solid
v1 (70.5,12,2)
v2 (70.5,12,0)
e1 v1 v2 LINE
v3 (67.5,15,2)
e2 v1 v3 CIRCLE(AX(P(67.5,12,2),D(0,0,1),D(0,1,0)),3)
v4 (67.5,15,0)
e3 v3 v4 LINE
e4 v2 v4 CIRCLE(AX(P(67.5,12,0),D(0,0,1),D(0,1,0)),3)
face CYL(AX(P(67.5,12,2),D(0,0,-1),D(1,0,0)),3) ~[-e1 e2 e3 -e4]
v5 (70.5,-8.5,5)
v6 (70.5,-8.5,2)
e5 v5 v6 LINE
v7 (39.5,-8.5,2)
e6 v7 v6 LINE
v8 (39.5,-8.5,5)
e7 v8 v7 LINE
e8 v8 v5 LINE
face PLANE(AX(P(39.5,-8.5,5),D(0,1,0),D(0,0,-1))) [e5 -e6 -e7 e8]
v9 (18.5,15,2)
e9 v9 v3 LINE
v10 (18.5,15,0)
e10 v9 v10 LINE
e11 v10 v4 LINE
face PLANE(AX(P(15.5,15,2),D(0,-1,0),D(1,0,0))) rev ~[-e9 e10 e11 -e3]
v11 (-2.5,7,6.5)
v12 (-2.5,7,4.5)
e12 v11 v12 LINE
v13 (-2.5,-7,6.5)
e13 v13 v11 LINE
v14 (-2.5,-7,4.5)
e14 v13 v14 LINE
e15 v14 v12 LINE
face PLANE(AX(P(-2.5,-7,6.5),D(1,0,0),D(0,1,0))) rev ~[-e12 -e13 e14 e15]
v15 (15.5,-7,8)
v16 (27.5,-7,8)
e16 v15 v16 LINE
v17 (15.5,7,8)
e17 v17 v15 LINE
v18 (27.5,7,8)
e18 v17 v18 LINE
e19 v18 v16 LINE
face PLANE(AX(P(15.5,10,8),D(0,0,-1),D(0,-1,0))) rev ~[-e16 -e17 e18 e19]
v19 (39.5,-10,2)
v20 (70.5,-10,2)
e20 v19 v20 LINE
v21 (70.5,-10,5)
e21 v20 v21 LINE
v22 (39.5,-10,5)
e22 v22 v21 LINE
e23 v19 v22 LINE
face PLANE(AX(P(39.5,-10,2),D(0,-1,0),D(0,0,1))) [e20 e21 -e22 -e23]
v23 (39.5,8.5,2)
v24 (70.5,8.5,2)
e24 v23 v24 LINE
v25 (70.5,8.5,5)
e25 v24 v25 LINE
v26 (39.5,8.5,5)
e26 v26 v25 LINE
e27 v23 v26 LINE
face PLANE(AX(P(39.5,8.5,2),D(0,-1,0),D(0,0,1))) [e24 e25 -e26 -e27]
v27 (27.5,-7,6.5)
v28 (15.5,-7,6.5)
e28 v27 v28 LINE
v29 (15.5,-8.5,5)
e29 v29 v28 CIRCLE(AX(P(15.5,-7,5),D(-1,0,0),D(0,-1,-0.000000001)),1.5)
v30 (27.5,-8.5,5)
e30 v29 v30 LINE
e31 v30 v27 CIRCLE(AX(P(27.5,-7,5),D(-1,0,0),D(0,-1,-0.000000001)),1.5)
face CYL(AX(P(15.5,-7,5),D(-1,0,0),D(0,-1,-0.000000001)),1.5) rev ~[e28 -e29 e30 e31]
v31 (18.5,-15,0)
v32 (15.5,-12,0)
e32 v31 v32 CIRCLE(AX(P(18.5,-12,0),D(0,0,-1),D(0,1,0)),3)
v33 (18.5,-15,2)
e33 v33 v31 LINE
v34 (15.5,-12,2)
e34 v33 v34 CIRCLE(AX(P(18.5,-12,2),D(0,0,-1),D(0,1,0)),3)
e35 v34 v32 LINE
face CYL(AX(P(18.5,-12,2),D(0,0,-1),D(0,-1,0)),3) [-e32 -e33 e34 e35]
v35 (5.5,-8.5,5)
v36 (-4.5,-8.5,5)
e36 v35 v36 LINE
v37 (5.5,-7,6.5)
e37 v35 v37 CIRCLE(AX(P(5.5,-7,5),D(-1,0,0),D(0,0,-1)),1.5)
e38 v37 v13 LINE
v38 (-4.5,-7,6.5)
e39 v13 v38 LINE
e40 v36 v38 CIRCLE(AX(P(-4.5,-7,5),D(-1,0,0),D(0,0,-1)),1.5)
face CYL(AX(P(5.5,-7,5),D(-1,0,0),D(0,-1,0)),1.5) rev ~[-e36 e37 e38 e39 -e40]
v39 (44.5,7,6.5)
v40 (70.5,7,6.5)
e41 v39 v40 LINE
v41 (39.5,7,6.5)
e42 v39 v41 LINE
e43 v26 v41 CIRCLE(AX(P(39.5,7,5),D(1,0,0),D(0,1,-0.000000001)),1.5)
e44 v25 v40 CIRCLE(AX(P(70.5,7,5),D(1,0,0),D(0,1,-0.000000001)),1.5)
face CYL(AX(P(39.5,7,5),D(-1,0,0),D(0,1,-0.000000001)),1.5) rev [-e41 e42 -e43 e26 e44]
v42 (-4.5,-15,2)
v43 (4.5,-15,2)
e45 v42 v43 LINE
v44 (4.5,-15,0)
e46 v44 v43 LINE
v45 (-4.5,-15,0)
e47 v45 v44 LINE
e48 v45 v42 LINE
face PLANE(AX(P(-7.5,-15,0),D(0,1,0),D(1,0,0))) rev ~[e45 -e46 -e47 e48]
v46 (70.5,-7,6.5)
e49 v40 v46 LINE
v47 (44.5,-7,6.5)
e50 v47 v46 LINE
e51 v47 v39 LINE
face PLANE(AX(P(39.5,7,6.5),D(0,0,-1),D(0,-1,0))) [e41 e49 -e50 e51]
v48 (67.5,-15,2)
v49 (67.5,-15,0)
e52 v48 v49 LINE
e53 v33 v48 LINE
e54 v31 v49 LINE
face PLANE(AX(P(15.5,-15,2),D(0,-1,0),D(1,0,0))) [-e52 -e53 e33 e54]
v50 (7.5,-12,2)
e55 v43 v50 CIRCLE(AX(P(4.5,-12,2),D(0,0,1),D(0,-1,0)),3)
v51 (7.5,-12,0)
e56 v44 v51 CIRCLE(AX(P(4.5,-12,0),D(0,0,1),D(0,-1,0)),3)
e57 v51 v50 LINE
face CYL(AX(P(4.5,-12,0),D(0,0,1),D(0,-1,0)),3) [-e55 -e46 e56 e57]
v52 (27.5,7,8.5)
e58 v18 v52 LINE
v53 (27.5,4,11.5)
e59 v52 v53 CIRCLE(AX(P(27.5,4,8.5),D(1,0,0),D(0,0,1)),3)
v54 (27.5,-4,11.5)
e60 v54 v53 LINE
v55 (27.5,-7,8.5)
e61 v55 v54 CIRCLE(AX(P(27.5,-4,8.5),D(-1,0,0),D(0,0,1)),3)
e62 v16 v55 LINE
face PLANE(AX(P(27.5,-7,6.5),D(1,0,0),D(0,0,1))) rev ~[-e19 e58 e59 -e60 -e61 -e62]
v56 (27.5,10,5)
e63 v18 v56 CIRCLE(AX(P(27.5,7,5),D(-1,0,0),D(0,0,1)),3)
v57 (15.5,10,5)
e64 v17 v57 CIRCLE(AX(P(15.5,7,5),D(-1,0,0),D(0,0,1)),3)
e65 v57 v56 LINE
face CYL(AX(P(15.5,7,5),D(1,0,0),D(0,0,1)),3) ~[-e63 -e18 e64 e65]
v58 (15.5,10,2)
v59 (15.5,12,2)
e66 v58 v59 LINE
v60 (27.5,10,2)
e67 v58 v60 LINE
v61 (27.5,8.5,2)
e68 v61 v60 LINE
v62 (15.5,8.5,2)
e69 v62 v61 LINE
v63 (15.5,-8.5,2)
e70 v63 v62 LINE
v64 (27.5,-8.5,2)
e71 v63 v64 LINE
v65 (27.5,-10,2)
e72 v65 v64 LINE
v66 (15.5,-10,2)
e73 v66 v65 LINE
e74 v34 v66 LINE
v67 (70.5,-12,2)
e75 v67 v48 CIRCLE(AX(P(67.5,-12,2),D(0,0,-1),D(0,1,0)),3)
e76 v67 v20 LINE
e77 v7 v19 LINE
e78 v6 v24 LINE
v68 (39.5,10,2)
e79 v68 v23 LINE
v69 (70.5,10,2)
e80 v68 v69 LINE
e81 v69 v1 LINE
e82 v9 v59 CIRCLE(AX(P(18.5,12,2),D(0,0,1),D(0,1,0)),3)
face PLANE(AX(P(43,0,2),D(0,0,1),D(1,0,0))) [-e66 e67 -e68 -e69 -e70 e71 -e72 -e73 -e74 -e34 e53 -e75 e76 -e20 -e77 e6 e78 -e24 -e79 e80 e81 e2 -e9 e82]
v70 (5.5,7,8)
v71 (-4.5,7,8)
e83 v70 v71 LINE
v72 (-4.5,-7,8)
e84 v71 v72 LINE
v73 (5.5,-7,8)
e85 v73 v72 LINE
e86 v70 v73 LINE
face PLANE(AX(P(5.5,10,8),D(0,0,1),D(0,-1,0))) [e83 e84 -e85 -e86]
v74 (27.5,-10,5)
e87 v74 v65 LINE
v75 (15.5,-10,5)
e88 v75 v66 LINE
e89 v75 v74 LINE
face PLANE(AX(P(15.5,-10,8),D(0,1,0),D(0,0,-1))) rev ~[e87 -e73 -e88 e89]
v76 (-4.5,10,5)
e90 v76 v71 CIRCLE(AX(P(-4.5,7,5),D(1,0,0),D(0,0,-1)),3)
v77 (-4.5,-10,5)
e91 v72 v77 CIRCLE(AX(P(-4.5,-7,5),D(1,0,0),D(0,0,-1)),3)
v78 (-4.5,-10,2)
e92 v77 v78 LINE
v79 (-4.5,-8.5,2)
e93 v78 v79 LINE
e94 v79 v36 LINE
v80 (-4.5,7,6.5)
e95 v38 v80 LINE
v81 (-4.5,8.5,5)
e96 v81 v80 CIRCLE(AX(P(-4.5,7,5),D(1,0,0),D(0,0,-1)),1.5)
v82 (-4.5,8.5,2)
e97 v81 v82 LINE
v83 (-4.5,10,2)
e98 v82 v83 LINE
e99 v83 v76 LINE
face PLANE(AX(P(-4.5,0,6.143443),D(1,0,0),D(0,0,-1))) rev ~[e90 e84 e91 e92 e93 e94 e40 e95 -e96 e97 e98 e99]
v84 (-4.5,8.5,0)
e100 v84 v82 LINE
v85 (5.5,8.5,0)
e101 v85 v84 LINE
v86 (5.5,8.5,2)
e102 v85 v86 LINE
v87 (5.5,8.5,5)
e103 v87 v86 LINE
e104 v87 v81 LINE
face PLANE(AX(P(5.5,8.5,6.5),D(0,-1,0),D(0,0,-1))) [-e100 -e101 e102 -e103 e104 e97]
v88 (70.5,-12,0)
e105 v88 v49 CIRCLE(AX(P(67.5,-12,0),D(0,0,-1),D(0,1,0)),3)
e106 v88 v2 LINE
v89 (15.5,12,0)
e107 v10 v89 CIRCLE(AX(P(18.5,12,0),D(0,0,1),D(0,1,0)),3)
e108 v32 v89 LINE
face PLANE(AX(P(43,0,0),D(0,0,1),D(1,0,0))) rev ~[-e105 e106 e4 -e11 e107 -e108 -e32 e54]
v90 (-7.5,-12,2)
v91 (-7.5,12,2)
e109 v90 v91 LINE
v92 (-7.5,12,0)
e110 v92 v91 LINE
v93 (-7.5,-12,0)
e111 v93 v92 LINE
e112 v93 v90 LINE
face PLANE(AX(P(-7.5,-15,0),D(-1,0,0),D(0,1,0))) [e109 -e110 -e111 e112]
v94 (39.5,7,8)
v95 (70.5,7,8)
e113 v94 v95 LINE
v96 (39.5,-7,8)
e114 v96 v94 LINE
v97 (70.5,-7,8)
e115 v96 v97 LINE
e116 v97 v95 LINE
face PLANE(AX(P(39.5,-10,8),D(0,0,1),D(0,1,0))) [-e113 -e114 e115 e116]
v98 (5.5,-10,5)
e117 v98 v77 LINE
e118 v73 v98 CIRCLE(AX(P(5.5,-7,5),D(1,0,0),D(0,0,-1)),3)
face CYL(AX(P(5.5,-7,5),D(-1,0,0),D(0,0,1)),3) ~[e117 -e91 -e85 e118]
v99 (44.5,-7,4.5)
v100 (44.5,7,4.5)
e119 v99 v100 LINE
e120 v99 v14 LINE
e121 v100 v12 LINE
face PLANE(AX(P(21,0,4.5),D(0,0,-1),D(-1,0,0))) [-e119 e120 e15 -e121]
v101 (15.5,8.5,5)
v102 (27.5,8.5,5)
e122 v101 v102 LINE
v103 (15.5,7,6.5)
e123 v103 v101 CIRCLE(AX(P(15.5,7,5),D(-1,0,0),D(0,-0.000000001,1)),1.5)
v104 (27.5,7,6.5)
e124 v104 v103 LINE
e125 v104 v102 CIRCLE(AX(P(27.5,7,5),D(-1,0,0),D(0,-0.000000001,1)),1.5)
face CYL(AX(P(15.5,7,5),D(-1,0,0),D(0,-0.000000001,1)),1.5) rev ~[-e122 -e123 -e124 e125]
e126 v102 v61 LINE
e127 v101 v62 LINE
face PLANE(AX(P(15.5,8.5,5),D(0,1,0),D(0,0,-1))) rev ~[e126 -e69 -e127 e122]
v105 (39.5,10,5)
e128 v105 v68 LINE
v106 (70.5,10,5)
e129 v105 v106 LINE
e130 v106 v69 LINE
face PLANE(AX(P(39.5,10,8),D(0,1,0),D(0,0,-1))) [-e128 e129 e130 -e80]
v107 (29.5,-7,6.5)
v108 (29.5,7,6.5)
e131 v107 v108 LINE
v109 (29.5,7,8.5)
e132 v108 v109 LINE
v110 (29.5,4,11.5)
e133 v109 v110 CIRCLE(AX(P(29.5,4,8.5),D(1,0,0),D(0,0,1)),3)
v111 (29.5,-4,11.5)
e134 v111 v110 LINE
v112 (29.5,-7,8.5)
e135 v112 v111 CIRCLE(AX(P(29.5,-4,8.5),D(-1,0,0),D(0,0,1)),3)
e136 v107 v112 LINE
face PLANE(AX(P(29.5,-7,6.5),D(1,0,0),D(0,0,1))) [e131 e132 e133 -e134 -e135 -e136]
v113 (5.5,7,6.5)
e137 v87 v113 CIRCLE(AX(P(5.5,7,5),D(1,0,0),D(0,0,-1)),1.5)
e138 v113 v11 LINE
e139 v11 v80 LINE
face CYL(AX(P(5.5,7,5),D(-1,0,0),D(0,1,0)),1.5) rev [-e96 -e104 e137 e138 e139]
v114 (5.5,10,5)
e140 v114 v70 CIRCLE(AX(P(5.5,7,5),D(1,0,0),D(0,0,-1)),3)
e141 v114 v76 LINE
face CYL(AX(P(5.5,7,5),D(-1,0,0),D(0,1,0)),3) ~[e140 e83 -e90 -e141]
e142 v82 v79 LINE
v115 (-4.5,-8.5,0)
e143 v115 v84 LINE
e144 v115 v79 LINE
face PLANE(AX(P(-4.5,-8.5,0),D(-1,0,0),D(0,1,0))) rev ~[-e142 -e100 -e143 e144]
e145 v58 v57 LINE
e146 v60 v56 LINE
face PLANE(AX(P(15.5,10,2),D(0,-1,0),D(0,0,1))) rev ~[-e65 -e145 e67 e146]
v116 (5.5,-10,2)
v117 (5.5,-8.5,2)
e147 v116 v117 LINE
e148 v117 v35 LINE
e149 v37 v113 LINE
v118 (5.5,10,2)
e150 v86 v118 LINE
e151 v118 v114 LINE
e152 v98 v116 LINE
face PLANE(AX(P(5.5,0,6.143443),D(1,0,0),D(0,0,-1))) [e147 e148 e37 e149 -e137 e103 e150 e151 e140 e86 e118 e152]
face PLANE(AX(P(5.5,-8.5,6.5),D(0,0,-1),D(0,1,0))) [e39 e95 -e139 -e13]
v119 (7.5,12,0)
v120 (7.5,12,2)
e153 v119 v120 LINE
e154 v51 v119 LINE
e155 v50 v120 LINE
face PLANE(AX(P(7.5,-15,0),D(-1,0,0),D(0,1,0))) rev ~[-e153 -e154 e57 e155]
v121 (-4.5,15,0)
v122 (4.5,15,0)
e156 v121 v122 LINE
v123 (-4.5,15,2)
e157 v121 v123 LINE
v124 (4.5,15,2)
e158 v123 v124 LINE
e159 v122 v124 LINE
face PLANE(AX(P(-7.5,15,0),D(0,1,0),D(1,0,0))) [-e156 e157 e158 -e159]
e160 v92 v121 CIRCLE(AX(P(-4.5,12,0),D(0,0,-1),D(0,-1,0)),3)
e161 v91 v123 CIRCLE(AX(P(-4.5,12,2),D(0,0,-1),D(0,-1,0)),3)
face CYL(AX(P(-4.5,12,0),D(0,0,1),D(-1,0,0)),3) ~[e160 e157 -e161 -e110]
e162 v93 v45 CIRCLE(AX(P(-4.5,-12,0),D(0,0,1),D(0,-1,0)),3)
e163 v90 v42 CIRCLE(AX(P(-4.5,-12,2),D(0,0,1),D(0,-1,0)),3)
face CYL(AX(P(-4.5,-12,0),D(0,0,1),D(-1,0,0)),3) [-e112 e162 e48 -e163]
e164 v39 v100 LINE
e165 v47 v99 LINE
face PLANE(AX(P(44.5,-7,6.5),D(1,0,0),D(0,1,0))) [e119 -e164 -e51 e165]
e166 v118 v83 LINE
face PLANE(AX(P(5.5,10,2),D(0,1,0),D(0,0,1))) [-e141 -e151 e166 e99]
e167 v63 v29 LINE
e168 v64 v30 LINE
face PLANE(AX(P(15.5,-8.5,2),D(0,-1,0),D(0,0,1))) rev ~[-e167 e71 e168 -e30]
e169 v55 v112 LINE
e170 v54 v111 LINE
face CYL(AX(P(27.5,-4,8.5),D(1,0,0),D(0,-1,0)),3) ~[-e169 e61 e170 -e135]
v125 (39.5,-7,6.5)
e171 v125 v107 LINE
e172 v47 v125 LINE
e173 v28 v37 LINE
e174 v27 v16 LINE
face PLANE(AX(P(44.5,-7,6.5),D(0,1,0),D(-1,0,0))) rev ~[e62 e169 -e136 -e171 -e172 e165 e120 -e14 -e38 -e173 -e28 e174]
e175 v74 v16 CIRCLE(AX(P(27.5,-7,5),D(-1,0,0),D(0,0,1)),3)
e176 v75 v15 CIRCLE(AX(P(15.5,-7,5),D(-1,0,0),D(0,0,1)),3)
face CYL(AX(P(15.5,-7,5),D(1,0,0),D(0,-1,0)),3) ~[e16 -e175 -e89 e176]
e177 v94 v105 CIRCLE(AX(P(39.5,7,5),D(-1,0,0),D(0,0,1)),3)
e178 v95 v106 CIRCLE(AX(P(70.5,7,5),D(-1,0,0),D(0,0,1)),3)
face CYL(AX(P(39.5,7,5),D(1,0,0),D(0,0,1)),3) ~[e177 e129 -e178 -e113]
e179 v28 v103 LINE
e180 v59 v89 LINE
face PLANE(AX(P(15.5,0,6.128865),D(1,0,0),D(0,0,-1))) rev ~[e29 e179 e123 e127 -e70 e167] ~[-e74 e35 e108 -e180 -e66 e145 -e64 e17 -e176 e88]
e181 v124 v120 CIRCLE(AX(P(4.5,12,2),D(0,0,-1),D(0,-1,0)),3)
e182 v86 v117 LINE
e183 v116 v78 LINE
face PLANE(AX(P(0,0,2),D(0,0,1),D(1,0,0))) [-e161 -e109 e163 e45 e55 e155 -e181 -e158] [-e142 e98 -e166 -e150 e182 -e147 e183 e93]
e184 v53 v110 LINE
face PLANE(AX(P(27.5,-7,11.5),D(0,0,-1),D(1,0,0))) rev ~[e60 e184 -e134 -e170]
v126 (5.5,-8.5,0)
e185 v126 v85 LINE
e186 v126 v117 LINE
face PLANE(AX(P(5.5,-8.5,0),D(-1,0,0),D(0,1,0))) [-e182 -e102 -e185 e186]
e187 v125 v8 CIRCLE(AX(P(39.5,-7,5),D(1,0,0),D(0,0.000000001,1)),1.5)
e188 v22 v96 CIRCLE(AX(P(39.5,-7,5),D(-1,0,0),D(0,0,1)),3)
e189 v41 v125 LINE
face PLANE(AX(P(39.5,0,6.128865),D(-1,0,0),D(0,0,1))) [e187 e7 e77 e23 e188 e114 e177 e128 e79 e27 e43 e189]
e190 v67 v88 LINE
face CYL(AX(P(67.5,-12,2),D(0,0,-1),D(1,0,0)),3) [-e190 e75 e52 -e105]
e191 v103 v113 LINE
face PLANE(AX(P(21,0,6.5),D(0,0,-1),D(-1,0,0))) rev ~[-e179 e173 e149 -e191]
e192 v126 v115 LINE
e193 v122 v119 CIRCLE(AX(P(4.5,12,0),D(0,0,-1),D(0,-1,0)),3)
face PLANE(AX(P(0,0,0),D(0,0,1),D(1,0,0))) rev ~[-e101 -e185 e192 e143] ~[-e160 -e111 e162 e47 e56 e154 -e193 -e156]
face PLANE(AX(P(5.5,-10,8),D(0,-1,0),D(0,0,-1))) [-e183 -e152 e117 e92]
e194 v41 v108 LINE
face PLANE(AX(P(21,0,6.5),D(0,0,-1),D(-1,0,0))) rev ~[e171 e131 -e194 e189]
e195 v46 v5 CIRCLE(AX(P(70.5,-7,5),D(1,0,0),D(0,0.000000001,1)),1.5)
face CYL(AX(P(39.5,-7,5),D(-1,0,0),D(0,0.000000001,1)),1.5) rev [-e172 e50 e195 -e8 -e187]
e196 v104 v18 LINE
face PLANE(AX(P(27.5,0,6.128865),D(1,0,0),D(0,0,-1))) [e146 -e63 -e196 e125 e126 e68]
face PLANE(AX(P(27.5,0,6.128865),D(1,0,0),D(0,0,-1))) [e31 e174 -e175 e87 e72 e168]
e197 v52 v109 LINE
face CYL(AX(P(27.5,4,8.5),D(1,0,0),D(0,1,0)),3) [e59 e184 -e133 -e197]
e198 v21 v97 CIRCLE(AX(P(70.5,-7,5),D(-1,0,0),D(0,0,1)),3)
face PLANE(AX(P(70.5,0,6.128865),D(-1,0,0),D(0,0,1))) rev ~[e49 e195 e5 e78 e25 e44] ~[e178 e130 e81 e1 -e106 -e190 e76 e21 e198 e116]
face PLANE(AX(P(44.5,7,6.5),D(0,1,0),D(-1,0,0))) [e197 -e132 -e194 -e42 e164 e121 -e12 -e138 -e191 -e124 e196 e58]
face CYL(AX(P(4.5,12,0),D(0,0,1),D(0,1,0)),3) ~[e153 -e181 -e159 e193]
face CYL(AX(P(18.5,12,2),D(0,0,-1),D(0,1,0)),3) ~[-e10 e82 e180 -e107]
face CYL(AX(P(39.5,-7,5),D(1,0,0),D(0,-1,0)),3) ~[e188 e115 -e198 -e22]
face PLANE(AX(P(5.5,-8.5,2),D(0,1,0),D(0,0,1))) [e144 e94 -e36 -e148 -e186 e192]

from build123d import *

# Parameters (mm, degrees)
SKETCH_1_W          = 15
SKETCH_1_H          = 30
EXTRUDE_1_DEPTH     = 2
EXTRUDE_2_DEPTH     = 10
FILLET_1_R          = 1.5
SKETCH_3_W          = 10
SKETCH_3_H          = 17
CUT_EXTRUDE_1_DEPTH = 3
SKETCH_4_W          = 55
SKETCH_4_H          = 30
EXTRUDE_3_DEPTH     = 2
SKETCH_5_W          = 47
SKETCH_5_H          = 14
EXTRUDE_4_DEPTH     = 2
SKETCH_6_W          = 2
SKETCH_6_H          = 5
EXTRUDE_5_DEPTH     = 14
EXTRUDE_6_DEPTH     = 12
EXTRUDE_7_DEPTH     = 31
FILLET_4_R          = 3


with BuildPart() as part:
    # 草图1 → 凸台-拉伸1 (new body)
    with BuildSketch(Plane.XY):
        Rectangle(SKETCH_1_W, SKETCH_1_H)
    extrude(amount=EXTRUDE_1_DEPTH)

    # 草图2 → 凸台-拉伸2 (add)
    with BuildSketch(Plane(origin=(5.5, 0, 0), x_dir=(0, 0, -1), z_dir=(1, 0, 0))):
        Polygon((-2, 10), (-8, 10), (-8, -10), (-2, -10), (-2, -8.5), (-6.5, -8.5), (-6.5, 8.5), (-2, 8.5), align=None)
    extrude(amount=-EXTRUDE_2_DEPTH)

    # 圆角1
    fillet_1_edges = [part.edges().sort_by_distance(p)[0] for p in [
        (0.5, 8.5, 6.5),
        (0.5, -8.5, 6.5),
    ]]
    fillet(fillet_1_edges, radius=FILLET_1_R)

    # 草图3 → 切除-拉伸1 (cut)
    with BuildSketch(Plane(origin=(0, 0, 0), x_dir=(-1, 0, 0), z_dir=(0, 0, -1))):
        with Locations((-0.5, 0)):
            Rectangle(SKETCH_3_W, SKETCH_3_H)
    extrude(amount=-CUT_EXTRUDE_1_DEPTH, mode=Mode.SUBTRACT)

    # 草图5 → 凸台-拉伸4 (add)
    with BuildSketch(Plane(origin=(0, 0, 6.5), x_dir=(-1, 0, 0), z_dir=(0, 0, -1))):
        with Locations((-21, 0)):
            Rectangle(SKETCH_5_W, SKETCH_5_H)
    extrude(amount=EXTRUDE_4_DEPTH)

    # 草图6 → 凸台-拉伸5 (add)
    with BuildSketch(Plane.XZ.offset(7)):
        with Locations((28.5, 9)):
            Rectangle(SKETCH_6_W, SKETCH_6_H)
    extrude(amount=-EXTRUDE_5_DEPTH)



with BuildPart() as body_2:
    # 草图4 → 凸台-拉伸3 (new body)
    with BuildSketch(Plane.XY.offset(2)):
        with Locations((43, 0)):
            Rectangle(SKETCH_4_W, SKETCH_4_H)
    extrude(amount=-EXTRUDE_3_DEPTH)


with BuildPart() as part_1:
    add(part.part)

    add(body_2.part)  # 凸台-拉伸6 merges body 2
    # 草图7 → 凸台-拉伸6 (add)
    with BuildSketch(Plane.ZY.offset(-15.5)):
        with BuildLine():
            Line((6.5, -7), (6.5, 7))
            ThreePointArc((6.5, 7), (6.060660172, 8.060660172), (5, 8.5))
            Line((5, 8.5), (2, 8.5))
            Line((2, 8.5), (2, 10))
            Line((2, 10), (8, 10))
            Line((8, 10), (8, -10))
            Line((8, -10), (2, -10))
            Line((2, -10), (2, -8.5))
            Line((2, -8.5), (5, -8.5))
            ThreePointArc((5, -8.5), (6.060660172, -8.060660172), (6.5, -7))
        make_face()
    extrude(amount=-EXTRUDE_6_DEPTH)

    # 草图8 → 凸台-拉伸7 (add)
    with BuildSketch(Plane(origin=(39.5, 0, 0), x_dir=(0, 0, -1), z_dir=(1, 0, 0))):
        with BuildLine():
            Line((-6.5, 7), (-6.5, -7))
            ThreePointArc((-6.5, -7), (-6.060660172, -8.060660172), (-5, -8.5))
            Line((-5, -8.5), (-2, -8.5))
            Line((-2, -8.5), (-2, -10))
            Line((-2, -10), (-8, -10))
            Line((-8, -10), (-8, 10))
            Line((-8, 10), (-2, 10))
            Line((-2, 10), (-2, 8.5))
            Line((-2, 8.5), (-5, 8.5))
            ThreePointArc((-5, 8.5), (-6.060660172, 8.060660172), (-6.5, 7))
        make_face()
    extrude(amount=EXTRUDE_7_DEPTH)

    # 圆角4
    fillet_4_edges = [part_1.edges().sort_by_distance(p)[0] for p in [
        (-7.5, -15, 1),
        (-7.5, 15, 1),
        (7.5, 15, 1),
        (15.5, 15, 1),
        (70.5, 15, 1),
        (7.5, -15, 1),
        (15.5, -15, 1),
        (70.5, -15, 1),
        (28.5, -7, 11.5),
        (28.5, 7, 11.5),
        (55, 10, 8),
        (55, -10, 8),
        (21.5, -10, 8),
        (21.5, 10, 8),
        (0.5, -10, 8),
        (0.5, 10, 8),
    ]]
    fillet(fillet_4_edges, radius=FILLET_4_R)


solid = part_1.part
